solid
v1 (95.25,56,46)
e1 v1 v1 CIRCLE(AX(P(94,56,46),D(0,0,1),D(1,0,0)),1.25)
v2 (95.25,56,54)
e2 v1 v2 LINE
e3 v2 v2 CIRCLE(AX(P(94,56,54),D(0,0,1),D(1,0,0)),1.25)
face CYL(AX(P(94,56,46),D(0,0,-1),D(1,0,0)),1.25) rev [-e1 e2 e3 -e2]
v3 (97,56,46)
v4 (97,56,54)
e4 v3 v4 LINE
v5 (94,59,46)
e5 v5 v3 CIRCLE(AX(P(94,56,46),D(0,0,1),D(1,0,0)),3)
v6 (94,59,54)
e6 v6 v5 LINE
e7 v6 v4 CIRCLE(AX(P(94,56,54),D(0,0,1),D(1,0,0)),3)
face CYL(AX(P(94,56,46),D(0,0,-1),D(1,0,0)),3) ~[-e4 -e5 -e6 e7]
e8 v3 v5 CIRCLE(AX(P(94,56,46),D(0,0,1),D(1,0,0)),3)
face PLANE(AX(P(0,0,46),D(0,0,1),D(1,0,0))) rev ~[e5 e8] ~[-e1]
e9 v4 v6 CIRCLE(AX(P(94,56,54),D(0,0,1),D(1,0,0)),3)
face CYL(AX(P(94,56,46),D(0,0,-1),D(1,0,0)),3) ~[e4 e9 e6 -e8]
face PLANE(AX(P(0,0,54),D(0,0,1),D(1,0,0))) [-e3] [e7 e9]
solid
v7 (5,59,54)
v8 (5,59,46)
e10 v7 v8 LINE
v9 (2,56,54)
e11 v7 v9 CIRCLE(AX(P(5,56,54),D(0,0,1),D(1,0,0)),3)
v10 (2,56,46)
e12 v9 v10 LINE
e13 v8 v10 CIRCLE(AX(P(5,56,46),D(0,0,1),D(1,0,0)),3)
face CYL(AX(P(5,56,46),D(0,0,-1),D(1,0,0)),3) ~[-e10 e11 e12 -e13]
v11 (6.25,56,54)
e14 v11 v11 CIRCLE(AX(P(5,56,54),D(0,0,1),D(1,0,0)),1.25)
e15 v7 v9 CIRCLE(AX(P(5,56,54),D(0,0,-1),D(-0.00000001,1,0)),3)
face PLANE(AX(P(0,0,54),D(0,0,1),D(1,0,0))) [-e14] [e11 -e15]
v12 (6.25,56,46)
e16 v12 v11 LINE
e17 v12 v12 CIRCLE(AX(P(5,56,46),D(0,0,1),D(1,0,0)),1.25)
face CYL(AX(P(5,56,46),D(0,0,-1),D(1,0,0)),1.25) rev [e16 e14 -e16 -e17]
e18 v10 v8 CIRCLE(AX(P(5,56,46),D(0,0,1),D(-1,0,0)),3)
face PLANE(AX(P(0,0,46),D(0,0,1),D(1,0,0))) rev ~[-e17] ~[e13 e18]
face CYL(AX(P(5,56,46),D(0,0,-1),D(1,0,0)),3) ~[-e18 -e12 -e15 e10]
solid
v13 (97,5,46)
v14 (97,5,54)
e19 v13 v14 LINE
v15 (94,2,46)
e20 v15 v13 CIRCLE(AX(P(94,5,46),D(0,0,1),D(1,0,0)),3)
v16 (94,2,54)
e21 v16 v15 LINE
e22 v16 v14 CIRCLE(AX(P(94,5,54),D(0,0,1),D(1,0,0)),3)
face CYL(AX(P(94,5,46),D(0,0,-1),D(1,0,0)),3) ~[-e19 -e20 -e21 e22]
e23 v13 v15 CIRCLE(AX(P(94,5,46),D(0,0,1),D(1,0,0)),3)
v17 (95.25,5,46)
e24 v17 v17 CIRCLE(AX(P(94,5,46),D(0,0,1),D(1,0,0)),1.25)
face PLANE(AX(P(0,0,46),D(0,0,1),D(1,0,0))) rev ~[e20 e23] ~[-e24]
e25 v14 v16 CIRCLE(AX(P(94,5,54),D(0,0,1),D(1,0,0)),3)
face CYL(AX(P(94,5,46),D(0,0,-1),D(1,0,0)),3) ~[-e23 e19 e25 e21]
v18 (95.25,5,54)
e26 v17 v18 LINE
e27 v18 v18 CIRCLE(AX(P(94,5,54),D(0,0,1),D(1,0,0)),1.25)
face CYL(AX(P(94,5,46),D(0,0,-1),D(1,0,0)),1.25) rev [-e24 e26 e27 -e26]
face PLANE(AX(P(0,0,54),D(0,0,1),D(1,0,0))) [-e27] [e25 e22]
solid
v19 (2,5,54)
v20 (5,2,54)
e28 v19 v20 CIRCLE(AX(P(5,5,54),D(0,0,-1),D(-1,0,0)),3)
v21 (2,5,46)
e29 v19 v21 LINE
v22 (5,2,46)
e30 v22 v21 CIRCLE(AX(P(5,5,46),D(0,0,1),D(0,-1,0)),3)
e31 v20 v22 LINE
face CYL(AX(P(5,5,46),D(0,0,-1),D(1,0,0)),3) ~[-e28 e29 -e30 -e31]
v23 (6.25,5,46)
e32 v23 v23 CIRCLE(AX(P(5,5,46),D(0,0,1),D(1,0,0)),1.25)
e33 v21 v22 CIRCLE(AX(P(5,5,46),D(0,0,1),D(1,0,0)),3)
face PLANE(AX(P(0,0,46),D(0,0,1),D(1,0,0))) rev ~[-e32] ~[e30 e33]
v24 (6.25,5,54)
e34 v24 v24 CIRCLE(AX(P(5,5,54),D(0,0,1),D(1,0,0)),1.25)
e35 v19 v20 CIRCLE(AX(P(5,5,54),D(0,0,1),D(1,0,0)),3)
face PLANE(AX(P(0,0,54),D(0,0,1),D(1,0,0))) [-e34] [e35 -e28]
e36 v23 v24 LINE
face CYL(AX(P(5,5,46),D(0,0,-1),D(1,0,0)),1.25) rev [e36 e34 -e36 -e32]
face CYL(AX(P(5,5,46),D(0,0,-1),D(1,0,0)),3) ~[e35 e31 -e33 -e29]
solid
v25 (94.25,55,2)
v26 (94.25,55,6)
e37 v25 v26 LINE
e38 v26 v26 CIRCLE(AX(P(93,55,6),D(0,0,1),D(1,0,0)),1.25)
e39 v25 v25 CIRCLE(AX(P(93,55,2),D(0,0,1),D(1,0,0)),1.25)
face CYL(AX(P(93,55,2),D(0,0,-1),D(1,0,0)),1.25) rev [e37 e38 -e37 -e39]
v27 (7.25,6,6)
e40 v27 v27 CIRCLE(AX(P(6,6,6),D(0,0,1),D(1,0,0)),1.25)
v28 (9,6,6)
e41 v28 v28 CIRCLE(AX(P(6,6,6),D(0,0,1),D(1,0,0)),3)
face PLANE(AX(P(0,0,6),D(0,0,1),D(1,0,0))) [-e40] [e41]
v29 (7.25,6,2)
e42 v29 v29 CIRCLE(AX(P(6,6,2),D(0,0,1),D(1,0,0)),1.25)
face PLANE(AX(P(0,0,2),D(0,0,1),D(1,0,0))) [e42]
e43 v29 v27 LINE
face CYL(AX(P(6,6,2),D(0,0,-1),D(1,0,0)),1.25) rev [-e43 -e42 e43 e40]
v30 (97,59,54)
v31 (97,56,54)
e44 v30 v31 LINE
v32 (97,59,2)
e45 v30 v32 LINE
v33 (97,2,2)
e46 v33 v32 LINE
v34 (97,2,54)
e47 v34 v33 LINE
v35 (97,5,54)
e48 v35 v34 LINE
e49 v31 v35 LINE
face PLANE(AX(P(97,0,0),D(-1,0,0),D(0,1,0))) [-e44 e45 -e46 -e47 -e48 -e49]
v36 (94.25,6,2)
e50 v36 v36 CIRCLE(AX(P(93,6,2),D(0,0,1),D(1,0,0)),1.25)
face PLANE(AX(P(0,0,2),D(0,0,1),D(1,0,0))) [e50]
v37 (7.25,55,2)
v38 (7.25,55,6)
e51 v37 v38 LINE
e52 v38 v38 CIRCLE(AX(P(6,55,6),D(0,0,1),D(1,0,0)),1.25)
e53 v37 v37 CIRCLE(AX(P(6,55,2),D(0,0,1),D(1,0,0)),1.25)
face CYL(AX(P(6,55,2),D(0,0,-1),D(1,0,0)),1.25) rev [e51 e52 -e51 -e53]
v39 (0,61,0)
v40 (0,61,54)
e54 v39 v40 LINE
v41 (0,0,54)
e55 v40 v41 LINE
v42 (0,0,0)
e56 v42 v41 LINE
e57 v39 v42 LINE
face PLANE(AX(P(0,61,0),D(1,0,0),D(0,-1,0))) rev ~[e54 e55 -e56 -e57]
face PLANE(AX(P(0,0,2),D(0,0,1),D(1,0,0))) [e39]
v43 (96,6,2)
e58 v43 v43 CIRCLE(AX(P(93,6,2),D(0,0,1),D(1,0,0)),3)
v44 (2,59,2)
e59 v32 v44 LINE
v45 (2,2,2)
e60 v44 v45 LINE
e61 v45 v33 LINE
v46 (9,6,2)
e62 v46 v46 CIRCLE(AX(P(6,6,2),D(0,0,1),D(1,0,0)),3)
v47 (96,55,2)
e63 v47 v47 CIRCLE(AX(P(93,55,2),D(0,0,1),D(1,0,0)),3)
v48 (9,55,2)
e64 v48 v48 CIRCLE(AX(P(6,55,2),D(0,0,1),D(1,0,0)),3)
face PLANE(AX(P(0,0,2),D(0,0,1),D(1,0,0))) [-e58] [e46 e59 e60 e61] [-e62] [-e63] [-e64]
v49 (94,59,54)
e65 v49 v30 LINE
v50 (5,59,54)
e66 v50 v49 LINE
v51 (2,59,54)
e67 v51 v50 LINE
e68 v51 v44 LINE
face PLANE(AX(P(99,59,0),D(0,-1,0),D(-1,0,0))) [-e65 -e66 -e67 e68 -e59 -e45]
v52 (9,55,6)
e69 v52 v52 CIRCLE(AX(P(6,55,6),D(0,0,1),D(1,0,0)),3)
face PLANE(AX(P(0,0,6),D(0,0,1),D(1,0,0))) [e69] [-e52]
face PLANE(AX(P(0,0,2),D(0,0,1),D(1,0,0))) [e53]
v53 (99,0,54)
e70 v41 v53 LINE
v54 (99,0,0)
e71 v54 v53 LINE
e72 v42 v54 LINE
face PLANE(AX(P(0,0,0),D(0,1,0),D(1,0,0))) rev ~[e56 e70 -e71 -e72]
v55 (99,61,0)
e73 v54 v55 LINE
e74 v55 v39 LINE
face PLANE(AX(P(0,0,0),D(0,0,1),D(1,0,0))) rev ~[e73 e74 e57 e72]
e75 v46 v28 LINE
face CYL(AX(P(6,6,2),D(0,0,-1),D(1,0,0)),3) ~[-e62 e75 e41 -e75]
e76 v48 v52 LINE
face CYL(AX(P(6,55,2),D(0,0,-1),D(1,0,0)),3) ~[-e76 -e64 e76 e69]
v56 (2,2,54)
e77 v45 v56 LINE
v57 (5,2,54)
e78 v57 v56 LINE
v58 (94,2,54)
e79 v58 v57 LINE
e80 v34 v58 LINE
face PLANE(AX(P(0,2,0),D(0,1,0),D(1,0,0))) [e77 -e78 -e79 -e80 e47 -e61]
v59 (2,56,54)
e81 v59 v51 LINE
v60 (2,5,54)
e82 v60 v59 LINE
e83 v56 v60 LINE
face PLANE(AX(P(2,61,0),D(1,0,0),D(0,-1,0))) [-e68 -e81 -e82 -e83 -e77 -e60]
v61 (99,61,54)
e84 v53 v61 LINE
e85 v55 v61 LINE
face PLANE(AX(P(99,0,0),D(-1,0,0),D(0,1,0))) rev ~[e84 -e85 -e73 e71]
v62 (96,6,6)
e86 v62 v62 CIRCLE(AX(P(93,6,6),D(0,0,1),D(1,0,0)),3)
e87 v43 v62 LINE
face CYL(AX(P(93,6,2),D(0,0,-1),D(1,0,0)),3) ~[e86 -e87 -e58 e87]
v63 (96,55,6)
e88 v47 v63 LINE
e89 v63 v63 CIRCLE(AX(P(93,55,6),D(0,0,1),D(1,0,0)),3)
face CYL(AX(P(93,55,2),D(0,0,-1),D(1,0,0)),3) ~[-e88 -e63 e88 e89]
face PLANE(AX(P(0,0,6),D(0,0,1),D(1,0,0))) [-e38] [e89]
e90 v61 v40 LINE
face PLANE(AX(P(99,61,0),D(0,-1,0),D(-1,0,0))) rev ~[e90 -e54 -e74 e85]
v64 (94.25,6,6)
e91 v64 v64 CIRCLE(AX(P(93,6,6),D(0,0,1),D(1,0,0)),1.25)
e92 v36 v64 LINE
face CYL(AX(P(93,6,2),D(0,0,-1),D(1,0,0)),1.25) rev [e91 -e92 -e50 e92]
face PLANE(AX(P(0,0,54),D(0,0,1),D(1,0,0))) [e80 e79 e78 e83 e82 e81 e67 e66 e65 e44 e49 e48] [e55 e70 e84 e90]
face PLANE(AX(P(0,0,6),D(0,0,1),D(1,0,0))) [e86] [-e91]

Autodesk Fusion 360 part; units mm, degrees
sketch "BaseOuterProfile" plane through (0, 0, 0) normal (0, 0, 1) x (1, 0, 0)
  line L0 (0, 0) -> (99, 0)
  line L1 (99, 0) -> (99, 61)
  line L2 (99, 61) -> (0, 61)
  line L3 (0, 61) -> (0, 0)
extrude "Extrude1" add sketch "BaseOuterProfile" along normal blind 54 makes body 1
shell "Shell1" thickness 2 removed faces 1 at (33, 40.6667, 54) on bodies 1
ref_plane "WorkPlane1" through (0, 0, 2) normal (0, 0, 1) x (1, 0, 0)
sketch "StandoffPosts" plane through (0, 0, 2) normal (0, 0, 1) x (1, 0, 0)
  circle A0 centre (6, 6) radius 3
  circle A1 centre (93, 6) radius 3
  circle A2 centre (6, 55) radius 3
  circle A3 centre (93, 55) radius 3
extrude "Extrude2" add sketch "StandoffPosts" along normal blind 4 contours A0 bodies 1
extrude "Extrude3" add sketch "StandoffPosts" along normal blind 4 contours A2 bodies 1
extrude "Extrude4" add sketch "StandoffPosts" along normal blind 4 contours A1 bodies 1
extrude "Extrude5" add sketch "StandoffPosts" along normal blind 4 contours A3 bodies 1
sketch "StandoffPilotHoles" plane through (0, 0, 2) normal (0, 0, 1) x (1, 0, 0)
  circle A0 centre (6, 6) radius 1.25
  circle A1 centre (93, 6) radius 1.25
  circle A2 centre (6, 55) radius 1.25
  circle A3 centre (93, 55) radius 1.25
extrude "Extrude6" cut sketch "StandoffPilotHoles" along normal blind 4 contours A0 bodies 1
extrude "Extrude7" cut sketch "StandoffPilotHoles" along normal blind 4 contours A2 bodies 1
extrude "Extrude8" cut sketch "StandoffPilotHoles" along normal blind 4 contours A1 bodies 1
extrude "Extrude9" cut sketch "StandoffPilotHoles" along normal blind 4 contours A3 bodies 1
ref_plane "WorkPlane2" through (0, 0, 46) normal (0, 0, 1) x (1, 0, 0)
sketch "LidBossPosts" plane through (0, 0, 46) normal (0, 0, 1) x (1, 0, 0)
  circle A0 centre (5, 5) radius 3
  circle A1 centre (94, 5) radius 3
  circle A2 centre (5, 56) radius 3
  circle A3 centre (94, 56) radius 3
extrude "Extrude10" add sketch "LidBossPosts" along normal blind 8 contours A0 bodies 1
extrude "Extrude11" add sketch "LidBossPosts" along normal blind 8 contours A2 bodies 1
extrude "Extrude12" add sketch "LidBossPosts" along normal blind 8 contours A1 bodies 1
extrude "Extrude13" add sketch "LidBossPosts" along normal blind 8 contours A3 bodies 1
sketch "LidBossPilotHoles" plane through (0, 0, 46) normal (0, 0, 1) x (1, 0, 0)
  circle A0 centre (5, 5) radius 1.25
  circle A1 centre (94, 5) radius 1.25
  circle A2 centre (5, 56) radius 1.25
  circle A3 centre (94, 56) radius 1.25
extrude "Extrude14" cut sketch "LidBossPilotHoles" along normal blind 8 contours A0 bodies 1
extrude "Extrude15" cut sketch "LidBossPilotHoles" along normal blind 8 contours A2 bodies 1
extrude "Extrude16" cut sketch "LidBossPilotHoles" along normal blind 8 contours A1 bodies 1
extrude "Extrude17" cut sketch "LidBossPilotHoles" along normal blind 8 contours A3 bodies 1
ref_plane "WorkPlane3" through (0, 0, 54) normal (0, 0, 1) x (1, 0, 0)
sketch "LidOuterProfile" plane through (0, 0, 54) normal (0, 0, 1) x (1, 0, 0)
  line L0 (0, 0) -> (99, 0)
  line L1 (99, 0) -> (99, 61)
  line L2 (99, 61) -> (0, 61)
  line L3 (0, 61) -> (0, 0)
extrude "Extrude18" add sketch "LidOuterProfile" along normal blind 2 separate body makes body 2
sketch "LidClearanceHoles" plane through (0, 0, 54) normal (0, 0, 1) x (1, 0, 0)
  circle A0 centre (5, 5) radius 1.7
  circle A1 centre (94, 5) radius 1.7
  circle A2 centre (5, 56) radius 1.7
  circle A3 centre (94, 56) radius 1.7
extrude "Extrude19" cut sketch "LidClearanceHoles" along normal blind 2 contours A0 bodies 2
extrude "Extrude20" cut sketch "LidClearanceHoles" along normal blind 2 contours A2 bodies 2
extrude "Extrude21" cut sketch "LidClearanceHoles" along normal blind 2 contours A1 bodies 2
extrude "Extrude22" cut sketch "LidClearanceHoles" along normal blind 2 contours A3 bodies 2
hidden bodies 2
